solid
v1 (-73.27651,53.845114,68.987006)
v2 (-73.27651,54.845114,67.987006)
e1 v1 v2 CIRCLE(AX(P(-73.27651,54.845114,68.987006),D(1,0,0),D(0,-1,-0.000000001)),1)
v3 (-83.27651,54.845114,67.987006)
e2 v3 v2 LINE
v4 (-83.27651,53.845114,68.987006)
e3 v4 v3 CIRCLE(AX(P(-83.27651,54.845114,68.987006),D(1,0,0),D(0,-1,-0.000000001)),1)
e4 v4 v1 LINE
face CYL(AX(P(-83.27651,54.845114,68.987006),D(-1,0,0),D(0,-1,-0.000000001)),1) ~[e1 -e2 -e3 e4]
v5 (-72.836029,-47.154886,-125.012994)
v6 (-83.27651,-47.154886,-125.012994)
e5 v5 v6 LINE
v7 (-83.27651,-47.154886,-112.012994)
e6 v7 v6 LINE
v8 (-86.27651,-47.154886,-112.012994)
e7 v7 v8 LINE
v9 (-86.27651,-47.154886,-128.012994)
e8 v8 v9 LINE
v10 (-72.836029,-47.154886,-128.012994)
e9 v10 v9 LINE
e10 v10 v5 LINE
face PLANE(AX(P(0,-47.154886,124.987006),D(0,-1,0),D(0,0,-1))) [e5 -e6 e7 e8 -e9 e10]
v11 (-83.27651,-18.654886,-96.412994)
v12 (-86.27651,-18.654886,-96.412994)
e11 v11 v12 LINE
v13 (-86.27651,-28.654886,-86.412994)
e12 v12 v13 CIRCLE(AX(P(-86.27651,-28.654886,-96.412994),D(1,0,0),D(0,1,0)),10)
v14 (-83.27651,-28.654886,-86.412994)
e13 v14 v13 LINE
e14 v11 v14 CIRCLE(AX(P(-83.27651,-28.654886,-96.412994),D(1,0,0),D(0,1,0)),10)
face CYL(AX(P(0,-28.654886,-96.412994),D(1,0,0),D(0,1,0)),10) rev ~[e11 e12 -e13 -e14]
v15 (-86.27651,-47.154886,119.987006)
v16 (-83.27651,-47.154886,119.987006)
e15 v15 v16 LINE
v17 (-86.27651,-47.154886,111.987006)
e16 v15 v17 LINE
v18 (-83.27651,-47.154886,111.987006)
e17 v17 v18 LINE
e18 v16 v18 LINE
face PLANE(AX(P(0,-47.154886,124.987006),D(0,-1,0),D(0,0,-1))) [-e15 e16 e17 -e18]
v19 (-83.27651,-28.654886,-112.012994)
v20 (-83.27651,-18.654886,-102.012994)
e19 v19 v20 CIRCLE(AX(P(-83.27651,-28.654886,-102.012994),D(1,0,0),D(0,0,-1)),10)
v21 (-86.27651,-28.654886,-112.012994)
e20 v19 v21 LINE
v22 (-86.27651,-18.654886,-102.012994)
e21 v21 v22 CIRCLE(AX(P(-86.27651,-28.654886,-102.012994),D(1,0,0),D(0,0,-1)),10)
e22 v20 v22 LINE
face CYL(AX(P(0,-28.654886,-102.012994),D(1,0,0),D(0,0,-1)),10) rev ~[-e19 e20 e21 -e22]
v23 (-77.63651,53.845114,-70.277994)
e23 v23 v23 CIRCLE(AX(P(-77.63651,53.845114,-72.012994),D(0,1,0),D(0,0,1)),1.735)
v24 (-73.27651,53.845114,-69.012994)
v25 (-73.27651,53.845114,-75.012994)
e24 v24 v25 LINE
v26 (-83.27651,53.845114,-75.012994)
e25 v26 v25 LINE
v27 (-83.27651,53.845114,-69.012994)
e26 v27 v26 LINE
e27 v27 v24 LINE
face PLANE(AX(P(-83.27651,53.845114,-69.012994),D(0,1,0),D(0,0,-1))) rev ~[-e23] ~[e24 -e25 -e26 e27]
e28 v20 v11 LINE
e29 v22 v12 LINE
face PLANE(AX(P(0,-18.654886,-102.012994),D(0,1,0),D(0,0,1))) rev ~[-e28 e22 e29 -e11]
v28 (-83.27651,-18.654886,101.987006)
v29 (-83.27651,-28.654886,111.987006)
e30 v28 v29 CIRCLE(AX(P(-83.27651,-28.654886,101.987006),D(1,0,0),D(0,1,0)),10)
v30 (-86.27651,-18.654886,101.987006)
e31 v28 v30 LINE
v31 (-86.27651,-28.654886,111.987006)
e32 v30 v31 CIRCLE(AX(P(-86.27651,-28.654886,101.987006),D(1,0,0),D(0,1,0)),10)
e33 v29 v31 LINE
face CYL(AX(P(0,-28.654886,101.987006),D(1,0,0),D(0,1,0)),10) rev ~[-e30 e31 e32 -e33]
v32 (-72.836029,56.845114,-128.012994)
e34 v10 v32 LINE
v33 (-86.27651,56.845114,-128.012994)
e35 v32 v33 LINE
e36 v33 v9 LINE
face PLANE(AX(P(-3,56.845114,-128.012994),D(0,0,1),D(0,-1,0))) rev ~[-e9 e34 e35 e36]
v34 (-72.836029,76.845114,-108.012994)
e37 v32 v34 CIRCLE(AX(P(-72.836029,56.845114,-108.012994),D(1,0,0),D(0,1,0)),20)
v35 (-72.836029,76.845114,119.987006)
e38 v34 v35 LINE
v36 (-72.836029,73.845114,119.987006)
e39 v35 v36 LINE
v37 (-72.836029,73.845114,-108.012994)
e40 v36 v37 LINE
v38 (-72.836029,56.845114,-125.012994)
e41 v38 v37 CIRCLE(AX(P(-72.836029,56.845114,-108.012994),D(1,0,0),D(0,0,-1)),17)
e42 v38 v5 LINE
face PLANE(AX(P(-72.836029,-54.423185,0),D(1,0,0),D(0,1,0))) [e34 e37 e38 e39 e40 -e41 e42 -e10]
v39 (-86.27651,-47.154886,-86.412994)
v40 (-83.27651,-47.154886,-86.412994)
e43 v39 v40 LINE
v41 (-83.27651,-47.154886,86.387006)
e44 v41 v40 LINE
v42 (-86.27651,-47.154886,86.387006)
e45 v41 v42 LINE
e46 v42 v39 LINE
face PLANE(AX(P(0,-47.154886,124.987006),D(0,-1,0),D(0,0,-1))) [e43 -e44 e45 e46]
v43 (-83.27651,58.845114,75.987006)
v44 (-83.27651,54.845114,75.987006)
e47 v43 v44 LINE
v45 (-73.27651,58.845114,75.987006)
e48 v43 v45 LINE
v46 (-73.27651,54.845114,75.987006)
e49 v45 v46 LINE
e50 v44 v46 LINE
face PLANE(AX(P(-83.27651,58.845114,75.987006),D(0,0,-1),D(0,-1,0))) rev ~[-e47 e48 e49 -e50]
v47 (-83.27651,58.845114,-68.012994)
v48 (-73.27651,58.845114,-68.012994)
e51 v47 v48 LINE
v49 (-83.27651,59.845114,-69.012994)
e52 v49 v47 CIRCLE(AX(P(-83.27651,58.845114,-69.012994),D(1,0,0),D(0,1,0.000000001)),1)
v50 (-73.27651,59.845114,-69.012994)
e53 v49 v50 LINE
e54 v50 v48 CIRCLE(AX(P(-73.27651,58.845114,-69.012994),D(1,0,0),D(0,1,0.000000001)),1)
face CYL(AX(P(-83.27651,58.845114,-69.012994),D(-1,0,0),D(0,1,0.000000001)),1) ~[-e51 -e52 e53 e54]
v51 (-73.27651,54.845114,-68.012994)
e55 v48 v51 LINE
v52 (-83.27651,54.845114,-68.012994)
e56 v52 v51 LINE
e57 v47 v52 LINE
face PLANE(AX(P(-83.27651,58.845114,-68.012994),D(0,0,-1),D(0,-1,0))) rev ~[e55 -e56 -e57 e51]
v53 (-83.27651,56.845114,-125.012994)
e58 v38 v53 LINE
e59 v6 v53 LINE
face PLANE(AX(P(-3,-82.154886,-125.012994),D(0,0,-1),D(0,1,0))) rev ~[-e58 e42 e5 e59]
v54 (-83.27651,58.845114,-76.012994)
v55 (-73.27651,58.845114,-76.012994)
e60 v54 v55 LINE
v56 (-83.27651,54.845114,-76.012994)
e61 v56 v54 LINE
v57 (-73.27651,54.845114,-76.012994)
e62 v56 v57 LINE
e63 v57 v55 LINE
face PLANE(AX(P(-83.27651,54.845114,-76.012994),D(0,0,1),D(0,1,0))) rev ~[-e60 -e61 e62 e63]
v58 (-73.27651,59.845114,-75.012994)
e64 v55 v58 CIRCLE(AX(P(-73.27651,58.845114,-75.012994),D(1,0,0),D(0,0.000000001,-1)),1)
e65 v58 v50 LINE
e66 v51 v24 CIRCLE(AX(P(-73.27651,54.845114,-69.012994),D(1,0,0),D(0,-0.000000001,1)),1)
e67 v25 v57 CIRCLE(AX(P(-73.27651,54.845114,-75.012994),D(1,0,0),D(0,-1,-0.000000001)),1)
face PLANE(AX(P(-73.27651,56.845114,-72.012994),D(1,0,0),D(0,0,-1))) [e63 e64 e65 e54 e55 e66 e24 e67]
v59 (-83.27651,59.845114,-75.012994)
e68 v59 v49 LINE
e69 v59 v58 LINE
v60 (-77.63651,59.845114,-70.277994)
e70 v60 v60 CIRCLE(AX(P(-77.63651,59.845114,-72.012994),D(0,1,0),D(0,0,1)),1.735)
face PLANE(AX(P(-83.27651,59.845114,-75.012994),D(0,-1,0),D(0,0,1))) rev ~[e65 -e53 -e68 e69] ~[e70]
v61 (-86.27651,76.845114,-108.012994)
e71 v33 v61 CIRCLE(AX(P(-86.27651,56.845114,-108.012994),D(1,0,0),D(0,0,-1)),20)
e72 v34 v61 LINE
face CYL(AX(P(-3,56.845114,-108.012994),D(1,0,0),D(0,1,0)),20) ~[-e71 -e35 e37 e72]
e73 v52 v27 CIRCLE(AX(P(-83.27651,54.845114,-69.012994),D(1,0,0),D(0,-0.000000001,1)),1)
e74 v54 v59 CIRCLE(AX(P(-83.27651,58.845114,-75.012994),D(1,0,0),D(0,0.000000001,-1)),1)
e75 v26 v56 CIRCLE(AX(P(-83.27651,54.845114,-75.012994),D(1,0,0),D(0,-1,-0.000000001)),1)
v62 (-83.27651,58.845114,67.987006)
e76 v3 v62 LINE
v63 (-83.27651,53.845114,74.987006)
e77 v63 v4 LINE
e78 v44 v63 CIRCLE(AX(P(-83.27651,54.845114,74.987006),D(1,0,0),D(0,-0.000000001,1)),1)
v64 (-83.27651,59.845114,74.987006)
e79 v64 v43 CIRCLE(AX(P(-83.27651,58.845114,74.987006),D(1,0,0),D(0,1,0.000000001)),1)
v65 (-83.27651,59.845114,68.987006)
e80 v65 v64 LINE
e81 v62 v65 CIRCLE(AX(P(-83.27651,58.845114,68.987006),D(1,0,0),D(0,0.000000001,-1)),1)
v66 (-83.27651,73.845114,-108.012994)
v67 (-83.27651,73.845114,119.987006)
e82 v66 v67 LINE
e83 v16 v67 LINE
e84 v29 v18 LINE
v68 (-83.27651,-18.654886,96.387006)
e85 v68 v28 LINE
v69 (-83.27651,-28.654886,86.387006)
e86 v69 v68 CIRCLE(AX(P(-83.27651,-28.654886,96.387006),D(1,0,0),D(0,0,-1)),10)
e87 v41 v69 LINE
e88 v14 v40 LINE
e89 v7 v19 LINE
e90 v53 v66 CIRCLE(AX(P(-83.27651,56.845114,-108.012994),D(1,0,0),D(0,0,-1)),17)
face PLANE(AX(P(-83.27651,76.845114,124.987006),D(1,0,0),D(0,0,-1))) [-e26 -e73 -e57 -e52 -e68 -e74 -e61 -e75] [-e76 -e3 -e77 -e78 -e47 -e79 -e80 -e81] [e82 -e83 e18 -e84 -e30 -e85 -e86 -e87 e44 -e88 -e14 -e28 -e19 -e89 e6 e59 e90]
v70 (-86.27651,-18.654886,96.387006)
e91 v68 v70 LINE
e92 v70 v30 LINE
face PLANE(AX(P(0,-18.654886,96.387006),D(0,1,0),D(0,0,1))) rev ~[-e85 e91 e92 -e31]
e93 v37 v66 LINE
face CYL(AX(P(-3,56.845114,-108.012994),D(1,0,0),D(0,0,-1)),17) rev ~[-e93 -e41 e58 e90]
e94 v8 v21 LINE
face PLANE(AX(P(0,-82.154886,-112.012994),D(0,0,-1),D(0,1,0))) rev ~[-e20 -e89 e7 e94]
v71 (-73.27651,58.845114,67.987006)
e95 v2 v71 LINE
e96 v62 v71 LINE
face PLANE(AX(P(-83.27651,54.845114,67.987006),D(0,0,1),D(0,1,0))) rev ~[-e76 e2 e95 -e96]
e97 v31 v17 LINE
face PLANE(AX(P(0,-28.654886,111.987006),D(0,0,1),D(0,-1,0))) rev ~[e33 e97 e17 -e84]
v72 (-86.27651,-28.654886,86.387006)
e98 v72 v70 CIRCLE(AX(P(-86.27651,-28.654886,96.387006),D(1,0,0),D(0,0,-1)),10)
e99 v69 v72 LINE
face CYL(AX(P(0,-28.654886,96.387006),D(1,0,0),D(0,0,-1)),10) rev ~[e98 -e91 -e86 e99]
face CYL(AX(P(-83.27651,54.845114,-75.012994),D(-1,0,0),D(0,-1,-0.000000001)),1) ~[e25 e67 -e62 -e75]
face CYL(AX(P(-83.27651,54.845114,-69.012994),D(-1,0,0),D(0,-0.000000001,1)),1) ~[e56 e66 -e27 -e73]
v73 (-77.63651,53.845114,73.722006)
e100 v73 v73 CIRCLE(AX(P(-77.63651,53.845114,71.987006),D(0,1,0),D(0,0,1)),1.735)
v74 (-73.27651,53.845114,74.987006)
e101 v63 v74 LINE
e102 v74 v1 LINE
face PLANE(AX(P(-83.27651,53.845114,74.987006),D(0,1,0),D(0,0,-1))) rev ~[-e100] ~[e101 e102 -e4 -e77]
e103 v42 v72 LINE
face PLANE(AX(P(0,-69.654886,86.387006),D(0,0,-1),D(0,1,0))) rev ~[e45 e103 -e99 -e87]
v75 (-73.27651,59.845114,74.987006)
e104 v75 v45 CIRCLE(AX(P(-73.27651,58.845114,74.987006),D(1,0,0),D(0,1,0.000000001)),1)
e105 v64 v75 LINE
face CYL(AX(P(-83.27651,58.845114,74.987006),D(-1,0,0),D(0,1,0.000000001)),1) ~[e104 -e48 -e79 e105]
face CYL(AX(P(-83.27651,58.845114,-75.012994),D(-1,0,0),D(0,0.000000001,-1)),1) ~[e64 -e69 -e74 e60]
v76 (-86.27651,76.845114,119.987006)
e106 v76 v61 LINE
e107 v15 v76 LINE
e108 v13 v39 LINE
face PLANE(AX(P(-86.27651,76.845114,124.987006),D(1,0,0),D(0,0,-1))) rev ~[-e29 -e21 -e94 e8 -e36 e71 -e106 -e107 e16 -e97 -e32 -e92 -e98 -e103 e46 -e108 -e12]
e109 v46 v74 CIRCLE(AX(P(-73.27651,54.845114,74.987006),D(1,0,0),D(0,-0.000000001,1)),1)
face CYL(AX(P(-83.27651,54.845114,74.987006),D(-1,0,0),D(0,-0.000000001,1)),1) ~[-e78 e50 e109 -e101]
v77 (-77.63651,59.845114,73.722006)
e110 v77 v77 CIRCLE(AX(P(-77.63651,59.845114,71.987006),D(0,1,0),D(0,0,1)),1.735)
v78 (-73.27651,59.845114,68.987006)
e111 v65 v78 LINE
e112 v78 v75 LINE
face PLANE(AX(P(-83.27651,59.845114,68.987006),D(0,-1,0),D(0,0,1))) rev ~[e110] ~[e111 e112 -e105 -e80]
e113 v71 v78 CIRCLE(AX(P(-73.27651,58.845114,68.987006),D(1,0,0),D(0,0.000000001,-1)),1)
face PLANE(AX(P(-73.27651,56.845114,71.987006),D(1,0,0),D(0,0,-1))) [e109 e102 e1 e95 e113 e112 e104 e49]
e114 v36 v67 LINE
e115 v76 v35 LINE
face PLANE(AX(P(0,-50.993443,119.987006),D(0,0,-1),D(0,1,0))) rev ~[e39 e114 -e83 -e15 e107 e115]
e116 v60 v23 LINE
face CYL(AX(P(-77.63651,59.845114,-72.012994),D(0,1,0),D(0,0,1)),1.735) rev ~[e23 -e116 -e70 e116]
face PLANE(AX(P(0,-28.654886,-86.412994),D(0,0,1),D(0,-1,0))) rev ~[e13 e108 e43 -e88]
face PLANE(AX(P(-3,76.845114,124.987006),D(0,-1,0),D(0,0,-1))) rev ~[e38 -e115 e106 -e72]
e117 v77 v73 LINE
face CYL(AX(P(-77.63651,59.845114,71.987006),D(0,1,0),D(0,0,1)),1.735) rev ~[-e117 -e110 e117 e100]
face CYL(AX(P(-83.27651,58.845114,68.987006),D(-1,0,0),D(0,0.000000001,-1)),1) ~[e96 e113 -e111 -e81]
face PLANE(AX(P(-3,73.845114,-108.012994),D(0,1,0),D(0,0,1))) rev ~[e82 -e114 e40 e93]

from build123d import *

# Parameters (mm, degrees)
SKETCH1_R             = 10
BOSS_EXTRUDE1_DEPTH   = 3
BOSS_EXTRUDE2_DEPTH   = 10
BOSS_EXTRUDE2_2_DEPTH = 10
BOSS_EXTRUDE3_DEPTH   = 3
SKETCH6_W             = 3
SKETCH6_H             = 253
BOSS_EXTRUDE4_DEPTH   = 159
BOSS_EXTRUDE6_DEPTH   = 10
SKETCH9_R             = 1.735
CUT_EXTRUDE3_DEPTH    = 10
BOSS_EXTRUDE7_DEPTH   = 80.27650967
CUT_EXTRUDE6_DEPTH    = 143
SKETCH14_W            = 253
SKETCH14_H            = 35
CUT_EXTRUDE7_DEPTH    = 143
CUT_EXTRUDE8_DEPTH    = 143
SKETCH17_R            = 2.5
CUT_EXTRUDE9_DEPTH    = 143
SKETCH18_W            = 12.581611653
SKETCH18_H            = 132.027792725
CUT_EXTRUDE10_DEPTH   = 143
SKETCH29_W            = 88.113599476
SKETCH29_H            = 135.236918358
CUT_EXTRUDE19_DEPTH   = 150


with BuildPart() as part:
    # Sketch1 → Boss-Extrude1 (new body)
    with BuildSketch(Plane(origin=(0, 0, 0), x_dir=(0, 0, -1), z_dir=(1, 0, 0))):
        with BuildLine():
            Line((-77.887006237, -82.154885655), (77.912993763, -82.154885655))
            Line((77.912993763, -82.154885655), (77.912993763, -78.154885655))
            ThreePointArc((77.912993763, -78.154885655), (86.412993763, -69.654885655), (94.912993763, -78.154885655))
            Line((94.912993763, -78.154885655), (94.912993763, -82.154885655))
            Line((94.912993763, -82.154885655), (125.012993763, -82.154885655))
            Line((125.012993763, -82.154885655), (125.012993763, 51.845114345))
            Line((125.012993763, 51.845114345), (-124.987006237, 51.845114345))
            Line((-124.987006237, 51.845114345), (-124.987006237, -82.154885655))
            Line((-124.987006237, -82.154885655), (-94.887006237, -82.154885655))
            Line((-94.887006237, -82.154885655), (-94.887006237, -78.154885655))
            ThreePointArc((-94.887006237, -78.154885655), (-86.387006237, -69.654885655), (-77.887006237, -78.154885655))
            Line((-77.887006237, -78.154885655), (-77.887006237, -82.154885655))
        make_face()
        with Locations((-101.987006237, -28.654885655)):
            Circle(SKETCH1_R, mode=Mode.SUBTRACT)
        with Locations(Location((102.012993763, -28.654885655, 0), (0, 0, 180))):
            Circle(SKETCH1_R, mode=Mode.SUBTRACT)
    extrude(amount=-BOSS_EXTRUDE1_DEPTH)

    # Sketch5 → Boss-Extrude3 (add)
    with BuildSketch(Plane(origin=(0, 0, 0), x_dir=(0, 0, -1), z_dir=(1, 0, 0))):
        with BuildLine():
            Line((-124.987006237, 76.845114345), (-124.987006237, 51.845114345))
            Line((-124.987006237, 51.845114345), (125.012993763, 51.845114345))
            Line((125.012993763, 51.845114345), (125.012993763, -82.154885655))
            Line((125.012993763, -82.154885655), (128.012993763, -82.154885655))
            Line((128.012993763, -82.154885655), (128.012993763, 56.845114345))
            ThreePointArc((128.012993763, 56.845114345), (122.155129387, 70.987249969), (108.012993763, 76.845114345))
            Line((108.012993763, 76.845114345), (-124.987006237, 76.845114345))
        make_face()
    extrude(amount=-BOSS_EXTRUDE3_DEPTH)



with BuildPart() as body_2:
    # Sketch2 → Boss-Extrude2 (new body)
    with BuildSketch(Plane.ZY.offset(3)):
        with BuildLine():
            Line((-75.012993763, 59.845114345), (-69.012993763, 59.845114345))
            ThreePointArc((-69.012993763, 59.845114345), (-68.305886982, 59.552221126), (-68.012993763, 58.845114345))
            Line((-68.012993763, 58.845114345), (-68.012993763, 54.845114345))
            ThreePointArc((-68.012993763, 54.845114345), (-68.305886982, 54.138007564), (-69.012993763, 53.845114345))
            Line((-69.012993763, 53.845114345), (-75.012993763, 53.845114345))
            ThreePointArc((-75.012993763, 53.845114345), (-75.720100544, 54.138007564), (-76.012993763, 54.845114345))
            Line((-76.012993763, 54.845114345), (-76.012993763, 58.845114345))
            ThreePointArc((-76.012993763, 58.845114345), (-75.720100544, 59.552221126), (-75.012993763, 59.845114345))
        make_face()
    extrude(amount=BOSS_EXTRUDE2_DEPTH)


with BuildPart() as body_3:
    # Sketch2 → Boss-Extrude2 2 (new body)
    with BuildSketch(Plane.ZY.offset(3)):
        with BuildLine():
            Line((67.987006237, 58.845114345), (67.987006237, 54.845114345))
            ThreePointArc((67.987006237, 54.845114345), (68.279899456, 54.138007564), (68.987006237, 53.845114345))
            Line((68.987006237, 53.845114345), (74.987006237, 53.845114345))
            ThreePointArc((74.987006237, 53.845114345), (75.694113018, 54.138007564), (75.987006237, 54.845114345))
            Line((75.987006237, 54.845114345), (75.987006237, 58.845114345))
            ThreePointArc((75.987006237, 58.845114345), (75.694113018, 59.552221126), (74.987006237, 59.845114345))
            Line((74.987006237, 59.845114345), (68.987006237, 59.845114345))
            ThreePointArc((68.987006237, 59.845114345), (68.279899456, 59.552221126), (67.987006237, 58.845114345))
        make_face()
    extrude(amount=BOSS_EXTRUDE2_2_DEPTH)


with BuildPart() as body_4:
    # Sketch6 → Boss-Extrude4 (new body)
    with BuildSketch(Plane(origin=(0, 76.845114345, 0), x_dir=(1, 0, 0), z_dir=(0, 1, 0))):
        with Locations((-84.77650967, 1.512993763)):
            Rectangle(SKETCH6_W, SKETCH6_H)
    extrude(amount=-BOSS_EXTRUDE4_DEPTH)

    # Sketch8 → Boss-Extrude6 (add)
    with BuildSketch(Plane.ZY.offset(83.27650967)):
        with BuildLine():
            Line((-75.012993763, 59.845114345), (-69.012993763, 59.845114345))
            ThreePointArc((-69.012993763, 59.845114345), (-68.305886982, 59.552221126), (-68.012993763, 58.845114345))
            Line((-68.012993763, 58.845114345), (-68.012993763, 54.845114345))
            ThreePointArc((-68.012993763, 54.845114345), (-68.305886982, 54.138007564), (-69.012993763, 53.845114345))
            Line((-69.012993763, 53.845114345), (-75.012993763, 53.845114345))
            ThreePointArc((-75.012993763, 53.845114345), (-75.720100544, 54.138007564), (-76.012993763, 54.845114345))
            Line((-76.012993763, 54.845114345), (-76.012993763, 58.845114345))
            ThreePointArc((-76.012993763, 58.845114345), (-75.720100544, 59.552221126), (-75.012993763, 59.845114345))
        make_face()
        with BuildLine():
            Line((68.987006237, 59.845114345), (74.987006237, 59.845114345))
            ThreePointArc((74.987006237, 59.845114345), (75.694113018, 59.552221126), (75.987006237, 58.845114345))
            Line((75.987006237, 58.845114345), (75.987006237, 54.845114345))
            ThreePointArc((75.987006237, 54.845114345), (75.694113018, 54.138007564), (74.987006237, 53.845114345))
            Line((74.987006237, 53.845114345), (68.987006237, 53.845114345))
            ThreePointArc((68.987006237, 53.845114345), (68.279899456, 54.138007564), (67.987006237, 54.845114345))
            Line((67.987006237, 54.845114345), (67.987006237, 58.845114345))
            ThreePointArc((67.987006237, 58.845114345), (68.279899456, 59.552221126), (68.987006237, 59.845114345))
        make_face()
    extrude(amount=-BOSS_EXTRUDE6_DEPTH)


with BuildPart() as cut_extrude3_tool:
    # Sketch9 → Cut-Extrude3 (new body)
    with BuildSketch(Plane(origin=(0, 59.845114345, 0), x_dir=(1, 0, 0), z_dir=(0, 1, 0))):
        with Locations(Location((-77.63650967, -71.987006237, 0), (0, 0, 270))):
            Circle(SKETCH9_R)
        with Locations(Location((-77.63650967, 72.012993763, 0), (0, 0, 270))):
            Circle(SKETCH9_R)
        with Locations(Location((-8.64, -71.987006237, 0), (0, 0, 270))):
            Circle(SKETCH9_R)
        with Locations(Location((-8.64, 72.012993763, 0), (0, 0, 270))):
            Circle(SKETCH9_R)
    extrude(amount=-CUT_EXTRUDE3_DEPTH)


with BuildPart() as body_2_1:
    add(body_2.part)

    # Cut-Extrude3: cut by cut_extrude3_tool
    add(cut_extrude3_tool.part, mode=Mode.SUBTRACT)


with BuildPart() as body_3_1:
    add(body_3.part)

    # Cut-Extrude3: cut by cut_extrude3_tool
    add(cut_extrude3_tool.part, mode=Mode.SUBTRACT)


with BuildPart() as body_4_1:
    add(body_4.part)

    # Cut-Extrude3: cut by cut_extrude3_tool
    add(cut_extrude3_tool.part, mode=Mode.SUBTRACT)


with BuildPart() as part_1:
    add(part.part)

    add(body_4_1.part)  # Boss-Extrude7 merges body 4
    # Sketch11 → Boss-Extrude7 (add)
    with BuildSketch(Plane.ZY.offset(3)):
        with BuildLine():
            Line((124.987006237, 73.845114345), (124.987006237, 76.845114345))
            Line((124.987006237, 76.845114345), (-108.012993763, 76.845114345))
            ThreePointArc((-108.012993763, 76.845114345), (-122.155129387, 70.987249969), (-128.012993763, 56.845114345))
            Line((-128.012993763, 56.845114345), (-128.012993763, -82.154885655))
            Line((-128.012993763, -82.154885655), (-125.012993763, -82.154885655))
            Line((-125.012993763, -82.154885655), (-125.012993763, 56.845114345))
            ThreePointArc((-125.012993763, 56.845114345), (-120.033809043, 68.865929625), (-108.012993763, 73.845114345))
            Line((-108.012993763, 73.845114345), (124.987006237, 73.845114345))
        make_face()
    extrude(amount=BOSS_EXTRUDE7_DEPTH)

    # Sketch13 → Cut-Extrude6 (cut)
    with BuildSketch(Plane(origin=(0, 0, 0), x_dir=(0, 0, -1), z_dir=(1, 0, 0))):
        with BuildLine():
            Line((-111.987006237, -28.654885655), (-111.987006237, -82.154885655))
            Line((-111.987006237, -82.154885655), (-77.887006237, -82.154885655))
            Line((-77.887006237, -82.154885655), (-77.887006237, -78.154885655))
            ThreePointArc((-77.887006237, -78.154885655), (-80.376598597, -72.144478015), (-86.387006237, -69.654885655))
            Line((-86.387006237, -69.654885655), (-86.387006237, -28.654885655))
            ThreePointArc((-86.387006237, -28.654885655), (-89.315938425, -21.583817843), (-96.387006237, -18.654885655))
            Line((-96.387006237, -18.654885655), (-101.987006237, -18.654885655))
            ThreePointArc((-101.987006237, -18.654885655), (-109.058074049, -21.583817843), (-111.987006237, -28.654885655))
        make_face()
        with BuildLine():
            Line((112.012993763, -82.154885655), (112.012993763, -28.654885655))
            ThreePointArc((112.012993763, -28.654885655), (109.084061575, -21.583817843), (102.012993763, -18.654885655))
            Line((102.012993763, -18.654885655), (96.412993763, -18.654885655))
            ThreePointArc((96.412993763, -18.654885655), (89.341925951, -21.583817843), (86.412993763, -28.654885655))
            Line((86.412993763, -28.654885655), (86.412993763, -69.654885655))
            ThreePointArc((86.412993763, -69.654885655), (80.402586123, -72.144478015), (77.912993763, -78.154885655))
            Line((77.912993763, -78.154885655), (77.912993763, -82.154885655))
            Line((77.912993763, -82.154885655), (112.012993763, -82.154885655))
        make_face()
    extrude(amount=-CUT_EXTRUDE6_DEPTH, mode=Mode.SUBTRACT)

    # Sketch14 → Cut-Extrude7 (cut)
    with BuildSketch(Plane(origin=(0, 0, 0), x_dir=(0, 0, -1), z_dir=(1, 0, 0))):
        with Locations((1.512993763, -64.654885655)):
            Rectangle(SKETCH14_W, SKETCH14_H)
    extrude(amount=-CUT_EXTRUDE7_DEPTH, mode=Mode.SUBTRACT)

    # Sketch15 → Cut-Extrude8 (cut)
    with BuildSketch(Plane(origin=(0, 0, 0), x_dir=(0, 0, -1), z_dir=(1, 0, 0))):
        with BuildLine():
            Line((108.012993763, 76.845114345), (128.012993763, 76.845114345))
            Line((128.012993763, 76.845114345), (128.012993763, 56.845114345))
            ThreePointArc((128.012993763, 56.845114345), (122.155129387, 70.987249969), (108.012993763, 76.845114345))
        make_face()
    extrude(amount=-CUT_EXTRUDE8_DEPTH, mode=Mode.SUBTRACT)

    # Sketch17 → Cut-Extrude9 (cut)
    with BuildSketch(Plane(origin=(0, 76.845114345, 0), x_dir=(1, 0, 0), z_dir=(0, 1, 0))):
        with Locations(Location((-43.138761, -96.337006347, 0), (0, 0, 270))):
            Circle(SKETCH17_R)
    extrude(amount=-CUT_EXTRUDE9_DEPTH, mode=Mode.SUBTRACT)

    # Sketch18 → Cut-Extrude10 (cut)
    with BuildSketch(Plane(origin=(0, 0, 0), x_dir=(0, 0, -1), z_dir=(1, 0, 0))):
        with Locations((-126.277812064, 15.020453299)):
            Rectangle(SKETCH18_W, SKETCH18_H)
    extrude(amount=-CUT_EXTRUDE10_DEPTH, mode=Mode.SUBTRACT)


with BuildPart() as cut_extrude19_tool:
    # Sketch29 → Cut-Extrude19 (new, symmetric)
    with BuildSketch(Plane.XY):
        with Locations((-28.779229361, 13.195273746)):
            Rectangle(SKETCH29_W, SKETCH29_H)
    extrude(amount=CUT_EXTRUDE19_DEPTH, both=True)


with BuildPart() as part_2:
    add(part_1.part)

    # Cut-Extrude19: cut by cut_extrude19_tool
    add(cut_extrude19_tool.part, mode=Mode.SUBTRACT)


with BuildPart() as body_2_2:
    add(body_2_1.part)

    # Cut-Extrude19: cut by cut_extrude19_tool
    add(cut_extrude19_tool.part, mode=Mode.SUBTRACT)


with BuildPart() as body_3_2:
    add(body_3_1.part)

    # Cut-Extrude19: cut by cut_extrude19_tool
    add(cut_extrude19_tool.part, mode=Mode.SUBTRACT)


solid = part_2.part
